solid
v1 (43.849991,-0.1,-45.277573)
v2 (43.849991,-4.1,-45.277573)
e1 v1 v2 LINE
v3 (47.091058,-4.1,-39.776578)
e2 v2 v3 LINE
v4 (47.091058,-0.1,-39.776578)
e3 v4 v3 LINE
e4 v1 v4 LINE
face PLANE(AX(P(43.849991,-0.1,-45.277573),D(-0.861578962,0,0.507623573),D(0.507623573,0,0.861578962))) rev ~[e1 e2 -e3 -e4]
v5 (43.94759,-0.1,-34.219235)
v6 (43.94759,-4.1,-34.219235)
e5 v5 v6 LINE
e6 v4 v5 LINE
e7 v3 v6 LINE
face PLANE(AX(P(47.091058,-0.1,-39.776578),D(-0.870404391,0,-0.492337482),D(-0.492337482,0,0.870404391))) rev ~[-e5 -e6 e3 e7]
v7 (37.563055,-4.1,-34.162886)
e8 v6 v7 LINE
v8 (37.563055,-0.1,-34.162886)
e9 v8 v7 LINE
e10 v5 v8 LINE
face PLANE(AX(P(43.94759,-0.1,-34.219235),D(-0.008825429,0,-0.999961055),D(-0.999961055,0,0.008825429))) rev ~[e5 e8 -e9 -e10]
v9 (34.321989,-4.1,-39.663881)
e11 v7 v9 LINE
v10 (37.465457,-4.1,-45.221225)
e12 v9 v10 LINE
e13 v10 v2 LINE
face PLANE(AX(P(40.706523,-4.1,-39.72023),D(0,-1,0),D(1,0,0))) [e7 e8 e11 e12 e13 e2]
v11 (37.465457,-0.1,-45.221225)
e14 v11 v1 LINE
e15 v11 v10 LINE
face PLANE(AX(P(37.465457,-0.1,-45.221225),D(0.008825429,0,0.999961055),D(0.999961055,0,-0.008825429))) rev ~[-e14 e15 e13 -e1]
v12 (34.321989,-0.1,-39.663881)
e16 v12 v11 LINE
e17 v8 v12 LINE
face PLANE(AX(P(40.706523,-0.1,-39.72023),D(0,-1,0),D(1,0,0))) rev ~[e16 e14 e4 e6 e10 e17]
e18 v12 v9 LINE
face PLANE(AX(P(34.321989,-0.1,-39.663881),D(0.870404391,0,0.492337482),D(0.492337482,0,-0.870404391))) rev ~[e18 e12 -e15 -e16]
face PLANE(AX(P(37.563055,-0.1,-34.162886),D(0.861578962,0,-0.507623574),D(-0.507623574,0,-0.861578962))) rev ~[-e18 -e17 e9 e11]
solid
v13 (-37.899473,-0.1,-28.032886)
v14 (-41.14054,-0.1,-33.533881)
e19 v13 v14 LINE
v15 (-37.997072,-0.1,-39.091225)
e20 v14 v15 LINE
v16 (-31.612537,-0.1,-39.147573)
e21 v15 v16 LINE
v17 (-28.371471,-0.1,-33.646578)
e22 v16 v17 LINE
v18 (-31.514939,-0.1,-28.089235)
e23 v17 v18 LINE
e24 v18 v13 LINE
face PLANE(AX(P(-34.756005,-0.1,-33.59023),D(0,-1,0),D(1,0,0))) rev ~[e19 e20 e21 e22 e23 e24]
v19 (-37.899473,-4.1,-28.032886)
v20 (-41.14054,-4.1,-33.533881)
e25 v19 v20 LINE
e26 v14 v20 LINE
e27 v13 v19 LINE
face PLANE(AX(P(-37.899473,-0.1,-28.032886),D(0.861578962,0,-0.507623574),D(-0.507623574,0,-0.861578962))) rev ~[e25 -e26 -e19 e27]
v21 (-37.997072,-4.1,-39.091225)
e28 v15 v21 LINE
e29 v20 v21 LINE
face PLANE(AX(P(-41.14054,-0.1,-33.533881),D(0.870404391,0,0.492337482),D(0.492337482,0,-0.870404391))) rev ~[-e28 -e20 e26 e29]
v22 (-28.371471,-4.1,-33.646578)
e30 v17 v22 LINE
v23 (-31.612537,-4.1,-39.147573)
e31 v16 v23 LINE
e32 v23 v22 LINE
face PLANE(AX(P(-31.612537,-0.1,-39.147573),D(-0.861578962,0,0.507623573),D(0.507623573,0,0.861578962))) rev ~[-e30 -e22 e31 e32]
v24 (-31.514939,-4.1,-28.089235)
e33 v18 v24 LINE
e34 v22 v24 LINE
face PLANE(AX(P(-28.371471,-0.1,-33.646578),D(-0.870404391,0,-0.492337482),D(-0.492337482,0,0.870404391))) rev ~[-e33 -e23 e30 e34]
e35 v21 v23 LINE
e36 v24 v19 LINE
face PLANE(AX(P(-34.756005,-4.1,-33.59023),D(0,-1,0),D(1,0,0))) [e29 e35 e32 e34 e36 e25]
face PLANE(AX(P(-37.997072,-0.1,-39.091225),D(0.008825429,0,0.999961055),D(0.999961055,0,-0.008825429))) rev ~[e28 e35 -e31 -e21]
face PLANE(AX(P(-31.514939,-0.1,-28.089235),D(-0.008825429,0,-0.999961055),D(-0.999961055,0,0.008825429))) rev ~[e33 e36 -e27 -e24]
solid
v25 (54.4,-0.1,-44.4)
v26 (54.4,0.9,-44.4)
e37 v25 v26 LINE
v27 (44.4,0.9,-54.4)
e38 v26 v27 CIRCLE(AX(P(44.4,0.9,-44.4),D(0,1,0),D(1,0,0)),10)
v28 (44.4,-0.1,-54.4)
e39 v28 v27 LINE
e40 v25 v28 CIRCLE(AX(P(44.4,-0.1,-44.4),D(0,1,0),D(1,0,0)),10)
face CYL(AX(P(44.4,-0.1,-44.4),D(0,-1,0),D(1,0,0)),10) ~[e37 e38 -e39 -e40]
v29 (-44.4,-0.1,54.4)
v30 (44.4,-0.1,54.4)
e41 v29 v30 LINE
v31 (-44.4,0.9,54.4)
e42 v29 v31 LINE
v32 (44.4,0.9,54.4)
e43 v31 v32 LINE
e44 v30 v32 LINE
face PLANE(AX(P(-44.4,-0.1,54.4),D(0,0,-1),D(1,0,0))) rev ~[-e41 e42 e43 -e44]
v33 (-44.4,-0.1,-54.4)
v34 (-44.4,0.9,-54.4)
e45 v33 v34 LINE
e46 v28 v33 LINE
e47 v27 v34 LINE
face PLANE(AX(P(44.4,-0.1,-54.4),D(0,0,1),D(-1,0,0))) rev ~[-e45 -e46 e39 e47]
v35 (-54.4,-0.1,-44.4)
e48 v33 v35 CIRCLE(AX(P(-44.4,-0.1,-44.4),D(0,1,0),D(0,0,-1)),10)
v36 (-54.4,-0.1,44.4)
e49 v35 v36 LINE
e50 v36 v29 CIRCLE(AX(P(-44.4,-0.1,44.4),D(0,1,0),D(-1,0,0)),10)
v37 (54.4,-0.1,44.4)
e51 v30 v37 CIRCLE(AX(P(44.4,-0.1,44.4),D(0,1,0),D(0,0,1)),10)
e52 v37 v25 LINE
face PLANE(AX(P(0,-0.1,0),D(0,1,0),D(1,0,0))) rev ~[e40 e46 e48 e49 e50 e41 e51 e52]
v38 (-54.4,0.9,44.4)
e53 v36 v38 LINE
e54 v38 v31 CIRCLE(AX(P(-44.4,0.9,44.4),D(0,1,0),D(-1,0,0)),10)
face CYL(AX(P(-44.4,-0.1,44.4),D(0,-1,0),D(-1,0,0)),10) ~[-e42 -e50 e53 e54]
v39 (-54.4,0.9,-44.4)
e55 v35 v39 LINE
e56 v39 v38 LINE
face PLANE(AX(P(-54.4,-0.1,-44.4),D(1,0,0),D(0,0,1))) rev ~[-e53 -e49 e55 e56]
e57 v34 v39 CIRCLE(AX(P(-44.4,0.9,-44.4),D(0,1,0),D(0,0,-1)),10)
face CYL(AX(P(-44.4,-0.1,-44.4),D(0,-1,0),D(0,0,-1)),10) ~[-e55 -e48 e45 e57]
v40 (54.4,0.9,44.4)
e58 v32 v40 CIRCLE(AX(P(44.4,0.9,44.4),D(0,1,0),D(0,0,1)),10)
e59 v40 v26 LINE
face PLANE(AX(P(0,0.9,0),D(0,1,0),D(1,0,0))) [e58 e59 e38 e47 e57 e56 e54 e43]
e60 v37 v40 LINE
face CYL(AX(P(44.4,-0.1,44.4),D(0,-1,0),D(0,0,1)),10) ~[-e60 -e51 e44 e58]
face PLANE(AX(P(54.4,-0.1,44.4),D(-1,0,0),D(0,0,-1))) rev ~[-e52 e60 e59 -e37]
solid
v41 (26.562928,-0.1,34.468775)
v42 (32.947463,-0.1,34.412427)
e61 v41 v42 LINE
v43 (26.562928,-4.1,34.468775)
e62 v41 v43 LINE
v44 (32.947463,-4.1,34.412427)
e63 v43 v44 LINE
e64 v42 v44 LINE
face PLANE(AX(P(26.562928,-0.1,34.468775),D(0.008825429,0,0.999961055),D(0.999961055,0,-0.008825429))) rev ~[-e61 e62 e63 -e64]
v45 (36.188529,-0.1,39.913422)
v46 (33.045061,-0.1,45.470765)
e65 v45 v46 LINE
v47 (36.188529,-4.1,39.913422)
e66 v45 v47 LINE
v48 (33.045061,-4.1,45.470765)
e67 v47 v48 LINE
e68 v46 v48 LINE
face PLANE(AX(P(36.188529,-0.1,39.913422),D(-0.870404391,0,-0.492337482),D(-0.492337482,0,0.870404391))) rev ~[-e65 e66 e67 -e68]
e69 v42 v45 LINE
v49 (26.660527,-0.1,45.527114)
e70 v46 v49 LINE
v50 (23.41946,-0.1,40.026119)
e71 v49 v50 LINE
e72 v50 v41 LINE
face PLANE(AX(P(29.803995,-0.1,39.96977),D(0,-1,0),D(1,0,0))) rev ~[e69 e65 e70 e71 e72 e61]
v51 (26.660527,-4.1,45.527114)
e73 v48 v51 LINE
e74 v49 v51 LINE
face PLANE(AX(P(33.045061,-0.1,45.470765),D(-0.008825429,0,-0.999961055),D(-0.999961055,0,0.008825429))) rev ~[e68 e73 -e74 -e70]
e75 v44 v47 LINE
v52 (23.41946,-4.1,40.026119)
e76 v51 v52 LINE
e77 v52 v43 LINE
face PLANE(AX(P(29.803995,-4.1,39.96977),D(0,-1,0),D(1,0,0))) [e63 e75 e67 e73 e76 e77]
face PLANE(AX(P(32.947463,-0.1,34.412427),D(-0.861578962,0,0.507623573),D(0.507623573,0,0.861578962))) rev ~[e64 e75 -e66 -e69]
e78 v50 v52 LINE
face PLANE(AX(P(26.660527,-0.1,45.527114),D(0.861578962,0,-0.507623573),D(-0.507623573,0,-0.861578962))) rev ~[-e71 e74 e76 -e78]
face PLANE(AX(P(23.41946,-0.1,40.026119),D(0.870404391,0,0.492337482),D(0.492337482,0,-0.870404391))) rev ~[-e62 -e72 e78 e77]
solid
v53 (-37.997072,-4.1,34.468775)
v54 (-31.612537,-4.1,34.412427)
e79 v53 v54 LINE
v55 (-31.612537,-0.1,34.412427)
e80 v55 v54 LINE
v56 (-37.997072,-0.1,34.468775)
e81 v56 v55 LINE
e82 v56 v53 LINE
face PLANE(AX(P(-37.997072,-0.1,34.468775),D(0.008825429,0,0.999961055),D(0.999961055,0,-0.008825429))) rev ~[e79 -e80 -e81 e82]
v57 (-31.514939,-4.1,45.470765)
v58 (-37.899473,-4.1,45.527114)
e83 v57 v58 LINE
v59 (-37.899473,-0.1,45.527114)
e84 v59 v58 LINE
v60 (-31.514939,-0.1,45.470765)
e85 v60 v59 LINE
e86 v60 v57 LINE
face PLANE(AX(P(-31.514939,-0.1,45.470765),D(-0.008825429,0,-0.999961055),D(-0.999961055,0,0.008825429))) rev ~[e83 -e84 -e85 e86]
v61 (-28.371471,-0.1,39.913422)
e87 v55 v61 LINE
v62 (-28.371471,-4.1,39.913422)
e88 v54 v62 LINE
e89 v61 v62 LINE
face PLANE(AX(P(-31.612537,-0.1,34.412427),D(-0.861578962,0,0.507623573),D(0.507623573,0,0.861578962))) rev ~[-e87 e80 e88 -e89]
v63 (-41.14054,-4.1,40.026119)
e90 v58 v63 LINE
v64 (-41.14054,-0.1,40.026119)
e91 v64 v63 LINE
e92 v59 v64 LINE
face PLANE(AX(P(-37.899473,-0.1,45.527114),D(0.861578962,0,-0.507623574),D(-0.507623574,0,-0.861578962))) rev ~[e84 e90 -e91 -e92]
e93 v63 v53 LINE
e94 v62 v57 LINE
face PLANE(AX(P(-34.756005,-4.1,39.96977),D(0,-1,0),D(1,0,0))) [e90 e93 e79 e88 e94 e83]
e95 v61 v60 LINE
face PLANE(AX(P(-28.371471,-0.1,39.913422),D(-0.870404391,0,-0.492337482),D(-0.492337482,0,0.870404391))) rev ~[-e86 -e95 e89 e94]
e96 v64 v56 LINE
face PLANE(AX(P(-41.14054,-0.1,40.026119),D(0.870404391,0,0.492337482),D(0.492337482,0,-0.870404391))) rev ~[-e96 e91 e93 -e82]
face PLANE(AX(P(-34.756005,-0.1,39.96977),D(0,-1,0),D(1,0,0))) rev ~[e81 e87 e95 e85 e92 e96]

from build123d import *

# Parameters (mm, degrees)
BOSS_EXTRUDE1_DEPTH   = 0.1
BOSS_EXTRUDE2_START   = -0.1
BOSS_EXTRUDE2_DEPTH   = 1
BOSS_EXTRUDE3_DEPTH   = 4
BOSS_EXTRUDE3_2_DEPTH = 4
BOSS_EXTRUDE3_3_DEPTH = 4
BOSS_EXTRUDE3_4_DEPTH = 4


with BuildPart() as part:
    # Sketch2 → Boss-Extrude1 (new body)
    with BuildSketch(Plane(origin=(0, 0, 0), x_dir=(1, 0, 0), z_dir=(0, 1, 0))):
        with BuildLine():
            Line((44.4, 52.9), (-44.4, 52.9))
            ThreePointArc((-44.4, 52.9), (-50.41040764, 50.41040764), (-52.9, 44.4))
            Line((-52.9, 44.4), (-52.9, -44.4))
            ThreePointArc((-52.9, -44.4), (-50.41040764, -50.41040764), (-44.4, -52.9))
            Line((-44.4, -52.9), (44.4, -52.9))
            ThreePointArc((44.4, -52.9), (50.41040764, -50.41040764), (52.9, -44.4))
            Line((52.9, -44.4), (52.9, 44.4))
            ThreePointArc((52.9, 44.4), (50.41040764, 50.41040764), (44.4, 52.9))
        make_face()
        with BuildLine():
            Line((44.4, 51.9), (-44.4, 51.9))
            ThreePointArc((-44.4, 51.9), (-49.703300859, 49.703300859), (-51.9, 44.4))
            Line((-51.9, 44.4), (-51.9, -44.4))
            ThreePointArc((-51.9, -44.4), (-49.703300859, -49.703300859), (-44.4, -51.9))
            Line((-44.4, -51.9), (44.4, -51.9))
            ThreePointArc((44.4, -51.9), (49.703300859, -49.703300859), (51.9, -44.4))
            Line((51.9, -44.4), (51.9, 44.4))
            ThreePointArc((51.9, 44.4), (49.703300859, 49.703300859), (44.4, 51.9))
        make_face(mode=Mode.SUBTRACT)
    extrude(amount=-BOSS_EXTRUDE1_DEPTH)

    # Sketch1 → Boss-Extrude2 (add)
    with BuildSketch(Plane(origin=(0, 0, 0), x_dir=(1, 0, 0), z_dir=(0, 1, 0)).offset(BOSS_EXTRUDE2_START)):
        with BuildLine():
            Line((54.4, -44.4), (54.4, 44.4))
            ThreePointArc((54.4, 44.4), (51.471067812, 51.471067812), (44.4, 54.4))
            Line((44.4, 54.4), (-44.4, 54.4))
            ThreePointArc((-44.4, 54.4), (-51.471067812, 51.471067812), (-54.4, 44.4))
            Line((-54.4, 44.4), (-54.4, -44.4))
            ThreePointArc((-54.4, -44.4), (-51.471067812, -51.471067812), (-44.4, -54.4))
            Line((-44.4, -54.4), (44.4, -54.4))
            ThreePointArc((44.4, -54.4), (51.471067812, -51.471067812), (54.4, -44.4))
        make_face()
        with BuildLine():
            ThreePointArc((-44.4, 53.4), (-50.763961031, 50.763961031), (-53.4, 44.4))
            Line((-53.4, 44.4), (-53.4, -44.4))
            ThreePointArc((-53.4, -44.4), (-50.763961031, -50.763961031), (-44.4, -53.4))
            Line((-44.4, -53.4), (44.4, -53.4))
            ThreePointArc((44.4, -53.4), (50.763961031, -50.763961031), (53.4, -44.4))
            Line((53.4, -44.4), (53.4, 44.4))
            ThreePointArc((53.4, 44.4), (50.763961031, 50.763961031), (44.4, 53.4))
            Line((44.4, 53.4), (-44.4, 53.4))
        make_face(mode=Mode.SUBTRACT)
        with BuildLine():
            Line((-44.4, 53.4), (44.4, 53.4))
            ThreePointArc((44.4, 53.4), (50.763961031, 50.763961031), (53.4, 44.4))
            Line((53.4, 44.4), (53.4, -44.4))
            ThreePointArc((53.4, -44.4), (50.763961031, -50.763961031), (44.4, -53.4))
            Line((44.4, -53.4), (-44.4, -53.4))
            ThreePointArc((-44.4, -53.4), (-50.763961031, -50.763961031), (-53.4, -44.4))
            Line((-53.4, -44.4), (-53.4, 44.4))
            ThreePointArc((-53.4, 44.4), (-50.763961031, 50.763961031), (-44.4, 53.4))
        make_face()
    extrude(amount=BOSS_EXTRUDE2_DEPTH)


with BuildPart() as body_2:
    # Sketch3 → Boss-Extrude3 (new body)
    with BuildSketch(Plane.XZ.offset(0.1)):
        Polygon((-41.140539781, 40.026118716), (-37.997071749, 34.468775471), (-31.612537306, 34.41242702), (-28.371470895, 39.913421814), (-31.514938926, 45.470765058), (-37.899473369, 45.527113509), align=None)
    extrude(amount=BOSS_EXTRUDE3_DEPTH)


with BuildPart() as body_3:
    # Sketch3 → Boss-Extrude3 2 (new body)
    with BuildSketch(Plane.XZ.offset(0.1)):
        Polygon((23.419460219, 40.026118716), (26.56292825, 34.468775471), (32.947462693, 34.41242702), (36.188529105, 39.913421814), (33.045061073, 45.470765058), (26.66052663, 45.527113509), align=None)
    extrude(amount=BOSS_EXTRUDE3_2_DEPTH)


with BuildPart() as body_4:
    # Sketch3 → Boss-Extrude3 3 (new body)
    with BuildSketch(Plane.XZ.offset(0.1)):
        Polygon((34.321988768, -39.663881284), (37.4654568, -45.221224529), (43.849991243, -45.27757298), (47.091057654, -39.776578186), (43.947589623, -34.219234942), (37.56305518, -34.162886491), align=None)
    extrude(amount=BOSS_EXTRUDE3_3_DEPTH)


with BuildPart() as body_5:
    # Sketch3 → Boss-Extrude3 4 (new body)
    with BuildSketch(Plane.XZ.offset(0.1)):
        Polygon((-41.140539781, -33.533881284), (-37.997071749, -39.091224529), (-31.612537306, -39.14757298), (-28.371470895, -33.646578186), (-31.514938926, -28.089234942), (-37.899473369, -28.032886491), align=None)
    extrude(amount=BOSS_EXTRUDE3_4_DEPTH)


solid = Compound([part.part, body_2.part, body_3.part, body_4.part, body_5.part])
